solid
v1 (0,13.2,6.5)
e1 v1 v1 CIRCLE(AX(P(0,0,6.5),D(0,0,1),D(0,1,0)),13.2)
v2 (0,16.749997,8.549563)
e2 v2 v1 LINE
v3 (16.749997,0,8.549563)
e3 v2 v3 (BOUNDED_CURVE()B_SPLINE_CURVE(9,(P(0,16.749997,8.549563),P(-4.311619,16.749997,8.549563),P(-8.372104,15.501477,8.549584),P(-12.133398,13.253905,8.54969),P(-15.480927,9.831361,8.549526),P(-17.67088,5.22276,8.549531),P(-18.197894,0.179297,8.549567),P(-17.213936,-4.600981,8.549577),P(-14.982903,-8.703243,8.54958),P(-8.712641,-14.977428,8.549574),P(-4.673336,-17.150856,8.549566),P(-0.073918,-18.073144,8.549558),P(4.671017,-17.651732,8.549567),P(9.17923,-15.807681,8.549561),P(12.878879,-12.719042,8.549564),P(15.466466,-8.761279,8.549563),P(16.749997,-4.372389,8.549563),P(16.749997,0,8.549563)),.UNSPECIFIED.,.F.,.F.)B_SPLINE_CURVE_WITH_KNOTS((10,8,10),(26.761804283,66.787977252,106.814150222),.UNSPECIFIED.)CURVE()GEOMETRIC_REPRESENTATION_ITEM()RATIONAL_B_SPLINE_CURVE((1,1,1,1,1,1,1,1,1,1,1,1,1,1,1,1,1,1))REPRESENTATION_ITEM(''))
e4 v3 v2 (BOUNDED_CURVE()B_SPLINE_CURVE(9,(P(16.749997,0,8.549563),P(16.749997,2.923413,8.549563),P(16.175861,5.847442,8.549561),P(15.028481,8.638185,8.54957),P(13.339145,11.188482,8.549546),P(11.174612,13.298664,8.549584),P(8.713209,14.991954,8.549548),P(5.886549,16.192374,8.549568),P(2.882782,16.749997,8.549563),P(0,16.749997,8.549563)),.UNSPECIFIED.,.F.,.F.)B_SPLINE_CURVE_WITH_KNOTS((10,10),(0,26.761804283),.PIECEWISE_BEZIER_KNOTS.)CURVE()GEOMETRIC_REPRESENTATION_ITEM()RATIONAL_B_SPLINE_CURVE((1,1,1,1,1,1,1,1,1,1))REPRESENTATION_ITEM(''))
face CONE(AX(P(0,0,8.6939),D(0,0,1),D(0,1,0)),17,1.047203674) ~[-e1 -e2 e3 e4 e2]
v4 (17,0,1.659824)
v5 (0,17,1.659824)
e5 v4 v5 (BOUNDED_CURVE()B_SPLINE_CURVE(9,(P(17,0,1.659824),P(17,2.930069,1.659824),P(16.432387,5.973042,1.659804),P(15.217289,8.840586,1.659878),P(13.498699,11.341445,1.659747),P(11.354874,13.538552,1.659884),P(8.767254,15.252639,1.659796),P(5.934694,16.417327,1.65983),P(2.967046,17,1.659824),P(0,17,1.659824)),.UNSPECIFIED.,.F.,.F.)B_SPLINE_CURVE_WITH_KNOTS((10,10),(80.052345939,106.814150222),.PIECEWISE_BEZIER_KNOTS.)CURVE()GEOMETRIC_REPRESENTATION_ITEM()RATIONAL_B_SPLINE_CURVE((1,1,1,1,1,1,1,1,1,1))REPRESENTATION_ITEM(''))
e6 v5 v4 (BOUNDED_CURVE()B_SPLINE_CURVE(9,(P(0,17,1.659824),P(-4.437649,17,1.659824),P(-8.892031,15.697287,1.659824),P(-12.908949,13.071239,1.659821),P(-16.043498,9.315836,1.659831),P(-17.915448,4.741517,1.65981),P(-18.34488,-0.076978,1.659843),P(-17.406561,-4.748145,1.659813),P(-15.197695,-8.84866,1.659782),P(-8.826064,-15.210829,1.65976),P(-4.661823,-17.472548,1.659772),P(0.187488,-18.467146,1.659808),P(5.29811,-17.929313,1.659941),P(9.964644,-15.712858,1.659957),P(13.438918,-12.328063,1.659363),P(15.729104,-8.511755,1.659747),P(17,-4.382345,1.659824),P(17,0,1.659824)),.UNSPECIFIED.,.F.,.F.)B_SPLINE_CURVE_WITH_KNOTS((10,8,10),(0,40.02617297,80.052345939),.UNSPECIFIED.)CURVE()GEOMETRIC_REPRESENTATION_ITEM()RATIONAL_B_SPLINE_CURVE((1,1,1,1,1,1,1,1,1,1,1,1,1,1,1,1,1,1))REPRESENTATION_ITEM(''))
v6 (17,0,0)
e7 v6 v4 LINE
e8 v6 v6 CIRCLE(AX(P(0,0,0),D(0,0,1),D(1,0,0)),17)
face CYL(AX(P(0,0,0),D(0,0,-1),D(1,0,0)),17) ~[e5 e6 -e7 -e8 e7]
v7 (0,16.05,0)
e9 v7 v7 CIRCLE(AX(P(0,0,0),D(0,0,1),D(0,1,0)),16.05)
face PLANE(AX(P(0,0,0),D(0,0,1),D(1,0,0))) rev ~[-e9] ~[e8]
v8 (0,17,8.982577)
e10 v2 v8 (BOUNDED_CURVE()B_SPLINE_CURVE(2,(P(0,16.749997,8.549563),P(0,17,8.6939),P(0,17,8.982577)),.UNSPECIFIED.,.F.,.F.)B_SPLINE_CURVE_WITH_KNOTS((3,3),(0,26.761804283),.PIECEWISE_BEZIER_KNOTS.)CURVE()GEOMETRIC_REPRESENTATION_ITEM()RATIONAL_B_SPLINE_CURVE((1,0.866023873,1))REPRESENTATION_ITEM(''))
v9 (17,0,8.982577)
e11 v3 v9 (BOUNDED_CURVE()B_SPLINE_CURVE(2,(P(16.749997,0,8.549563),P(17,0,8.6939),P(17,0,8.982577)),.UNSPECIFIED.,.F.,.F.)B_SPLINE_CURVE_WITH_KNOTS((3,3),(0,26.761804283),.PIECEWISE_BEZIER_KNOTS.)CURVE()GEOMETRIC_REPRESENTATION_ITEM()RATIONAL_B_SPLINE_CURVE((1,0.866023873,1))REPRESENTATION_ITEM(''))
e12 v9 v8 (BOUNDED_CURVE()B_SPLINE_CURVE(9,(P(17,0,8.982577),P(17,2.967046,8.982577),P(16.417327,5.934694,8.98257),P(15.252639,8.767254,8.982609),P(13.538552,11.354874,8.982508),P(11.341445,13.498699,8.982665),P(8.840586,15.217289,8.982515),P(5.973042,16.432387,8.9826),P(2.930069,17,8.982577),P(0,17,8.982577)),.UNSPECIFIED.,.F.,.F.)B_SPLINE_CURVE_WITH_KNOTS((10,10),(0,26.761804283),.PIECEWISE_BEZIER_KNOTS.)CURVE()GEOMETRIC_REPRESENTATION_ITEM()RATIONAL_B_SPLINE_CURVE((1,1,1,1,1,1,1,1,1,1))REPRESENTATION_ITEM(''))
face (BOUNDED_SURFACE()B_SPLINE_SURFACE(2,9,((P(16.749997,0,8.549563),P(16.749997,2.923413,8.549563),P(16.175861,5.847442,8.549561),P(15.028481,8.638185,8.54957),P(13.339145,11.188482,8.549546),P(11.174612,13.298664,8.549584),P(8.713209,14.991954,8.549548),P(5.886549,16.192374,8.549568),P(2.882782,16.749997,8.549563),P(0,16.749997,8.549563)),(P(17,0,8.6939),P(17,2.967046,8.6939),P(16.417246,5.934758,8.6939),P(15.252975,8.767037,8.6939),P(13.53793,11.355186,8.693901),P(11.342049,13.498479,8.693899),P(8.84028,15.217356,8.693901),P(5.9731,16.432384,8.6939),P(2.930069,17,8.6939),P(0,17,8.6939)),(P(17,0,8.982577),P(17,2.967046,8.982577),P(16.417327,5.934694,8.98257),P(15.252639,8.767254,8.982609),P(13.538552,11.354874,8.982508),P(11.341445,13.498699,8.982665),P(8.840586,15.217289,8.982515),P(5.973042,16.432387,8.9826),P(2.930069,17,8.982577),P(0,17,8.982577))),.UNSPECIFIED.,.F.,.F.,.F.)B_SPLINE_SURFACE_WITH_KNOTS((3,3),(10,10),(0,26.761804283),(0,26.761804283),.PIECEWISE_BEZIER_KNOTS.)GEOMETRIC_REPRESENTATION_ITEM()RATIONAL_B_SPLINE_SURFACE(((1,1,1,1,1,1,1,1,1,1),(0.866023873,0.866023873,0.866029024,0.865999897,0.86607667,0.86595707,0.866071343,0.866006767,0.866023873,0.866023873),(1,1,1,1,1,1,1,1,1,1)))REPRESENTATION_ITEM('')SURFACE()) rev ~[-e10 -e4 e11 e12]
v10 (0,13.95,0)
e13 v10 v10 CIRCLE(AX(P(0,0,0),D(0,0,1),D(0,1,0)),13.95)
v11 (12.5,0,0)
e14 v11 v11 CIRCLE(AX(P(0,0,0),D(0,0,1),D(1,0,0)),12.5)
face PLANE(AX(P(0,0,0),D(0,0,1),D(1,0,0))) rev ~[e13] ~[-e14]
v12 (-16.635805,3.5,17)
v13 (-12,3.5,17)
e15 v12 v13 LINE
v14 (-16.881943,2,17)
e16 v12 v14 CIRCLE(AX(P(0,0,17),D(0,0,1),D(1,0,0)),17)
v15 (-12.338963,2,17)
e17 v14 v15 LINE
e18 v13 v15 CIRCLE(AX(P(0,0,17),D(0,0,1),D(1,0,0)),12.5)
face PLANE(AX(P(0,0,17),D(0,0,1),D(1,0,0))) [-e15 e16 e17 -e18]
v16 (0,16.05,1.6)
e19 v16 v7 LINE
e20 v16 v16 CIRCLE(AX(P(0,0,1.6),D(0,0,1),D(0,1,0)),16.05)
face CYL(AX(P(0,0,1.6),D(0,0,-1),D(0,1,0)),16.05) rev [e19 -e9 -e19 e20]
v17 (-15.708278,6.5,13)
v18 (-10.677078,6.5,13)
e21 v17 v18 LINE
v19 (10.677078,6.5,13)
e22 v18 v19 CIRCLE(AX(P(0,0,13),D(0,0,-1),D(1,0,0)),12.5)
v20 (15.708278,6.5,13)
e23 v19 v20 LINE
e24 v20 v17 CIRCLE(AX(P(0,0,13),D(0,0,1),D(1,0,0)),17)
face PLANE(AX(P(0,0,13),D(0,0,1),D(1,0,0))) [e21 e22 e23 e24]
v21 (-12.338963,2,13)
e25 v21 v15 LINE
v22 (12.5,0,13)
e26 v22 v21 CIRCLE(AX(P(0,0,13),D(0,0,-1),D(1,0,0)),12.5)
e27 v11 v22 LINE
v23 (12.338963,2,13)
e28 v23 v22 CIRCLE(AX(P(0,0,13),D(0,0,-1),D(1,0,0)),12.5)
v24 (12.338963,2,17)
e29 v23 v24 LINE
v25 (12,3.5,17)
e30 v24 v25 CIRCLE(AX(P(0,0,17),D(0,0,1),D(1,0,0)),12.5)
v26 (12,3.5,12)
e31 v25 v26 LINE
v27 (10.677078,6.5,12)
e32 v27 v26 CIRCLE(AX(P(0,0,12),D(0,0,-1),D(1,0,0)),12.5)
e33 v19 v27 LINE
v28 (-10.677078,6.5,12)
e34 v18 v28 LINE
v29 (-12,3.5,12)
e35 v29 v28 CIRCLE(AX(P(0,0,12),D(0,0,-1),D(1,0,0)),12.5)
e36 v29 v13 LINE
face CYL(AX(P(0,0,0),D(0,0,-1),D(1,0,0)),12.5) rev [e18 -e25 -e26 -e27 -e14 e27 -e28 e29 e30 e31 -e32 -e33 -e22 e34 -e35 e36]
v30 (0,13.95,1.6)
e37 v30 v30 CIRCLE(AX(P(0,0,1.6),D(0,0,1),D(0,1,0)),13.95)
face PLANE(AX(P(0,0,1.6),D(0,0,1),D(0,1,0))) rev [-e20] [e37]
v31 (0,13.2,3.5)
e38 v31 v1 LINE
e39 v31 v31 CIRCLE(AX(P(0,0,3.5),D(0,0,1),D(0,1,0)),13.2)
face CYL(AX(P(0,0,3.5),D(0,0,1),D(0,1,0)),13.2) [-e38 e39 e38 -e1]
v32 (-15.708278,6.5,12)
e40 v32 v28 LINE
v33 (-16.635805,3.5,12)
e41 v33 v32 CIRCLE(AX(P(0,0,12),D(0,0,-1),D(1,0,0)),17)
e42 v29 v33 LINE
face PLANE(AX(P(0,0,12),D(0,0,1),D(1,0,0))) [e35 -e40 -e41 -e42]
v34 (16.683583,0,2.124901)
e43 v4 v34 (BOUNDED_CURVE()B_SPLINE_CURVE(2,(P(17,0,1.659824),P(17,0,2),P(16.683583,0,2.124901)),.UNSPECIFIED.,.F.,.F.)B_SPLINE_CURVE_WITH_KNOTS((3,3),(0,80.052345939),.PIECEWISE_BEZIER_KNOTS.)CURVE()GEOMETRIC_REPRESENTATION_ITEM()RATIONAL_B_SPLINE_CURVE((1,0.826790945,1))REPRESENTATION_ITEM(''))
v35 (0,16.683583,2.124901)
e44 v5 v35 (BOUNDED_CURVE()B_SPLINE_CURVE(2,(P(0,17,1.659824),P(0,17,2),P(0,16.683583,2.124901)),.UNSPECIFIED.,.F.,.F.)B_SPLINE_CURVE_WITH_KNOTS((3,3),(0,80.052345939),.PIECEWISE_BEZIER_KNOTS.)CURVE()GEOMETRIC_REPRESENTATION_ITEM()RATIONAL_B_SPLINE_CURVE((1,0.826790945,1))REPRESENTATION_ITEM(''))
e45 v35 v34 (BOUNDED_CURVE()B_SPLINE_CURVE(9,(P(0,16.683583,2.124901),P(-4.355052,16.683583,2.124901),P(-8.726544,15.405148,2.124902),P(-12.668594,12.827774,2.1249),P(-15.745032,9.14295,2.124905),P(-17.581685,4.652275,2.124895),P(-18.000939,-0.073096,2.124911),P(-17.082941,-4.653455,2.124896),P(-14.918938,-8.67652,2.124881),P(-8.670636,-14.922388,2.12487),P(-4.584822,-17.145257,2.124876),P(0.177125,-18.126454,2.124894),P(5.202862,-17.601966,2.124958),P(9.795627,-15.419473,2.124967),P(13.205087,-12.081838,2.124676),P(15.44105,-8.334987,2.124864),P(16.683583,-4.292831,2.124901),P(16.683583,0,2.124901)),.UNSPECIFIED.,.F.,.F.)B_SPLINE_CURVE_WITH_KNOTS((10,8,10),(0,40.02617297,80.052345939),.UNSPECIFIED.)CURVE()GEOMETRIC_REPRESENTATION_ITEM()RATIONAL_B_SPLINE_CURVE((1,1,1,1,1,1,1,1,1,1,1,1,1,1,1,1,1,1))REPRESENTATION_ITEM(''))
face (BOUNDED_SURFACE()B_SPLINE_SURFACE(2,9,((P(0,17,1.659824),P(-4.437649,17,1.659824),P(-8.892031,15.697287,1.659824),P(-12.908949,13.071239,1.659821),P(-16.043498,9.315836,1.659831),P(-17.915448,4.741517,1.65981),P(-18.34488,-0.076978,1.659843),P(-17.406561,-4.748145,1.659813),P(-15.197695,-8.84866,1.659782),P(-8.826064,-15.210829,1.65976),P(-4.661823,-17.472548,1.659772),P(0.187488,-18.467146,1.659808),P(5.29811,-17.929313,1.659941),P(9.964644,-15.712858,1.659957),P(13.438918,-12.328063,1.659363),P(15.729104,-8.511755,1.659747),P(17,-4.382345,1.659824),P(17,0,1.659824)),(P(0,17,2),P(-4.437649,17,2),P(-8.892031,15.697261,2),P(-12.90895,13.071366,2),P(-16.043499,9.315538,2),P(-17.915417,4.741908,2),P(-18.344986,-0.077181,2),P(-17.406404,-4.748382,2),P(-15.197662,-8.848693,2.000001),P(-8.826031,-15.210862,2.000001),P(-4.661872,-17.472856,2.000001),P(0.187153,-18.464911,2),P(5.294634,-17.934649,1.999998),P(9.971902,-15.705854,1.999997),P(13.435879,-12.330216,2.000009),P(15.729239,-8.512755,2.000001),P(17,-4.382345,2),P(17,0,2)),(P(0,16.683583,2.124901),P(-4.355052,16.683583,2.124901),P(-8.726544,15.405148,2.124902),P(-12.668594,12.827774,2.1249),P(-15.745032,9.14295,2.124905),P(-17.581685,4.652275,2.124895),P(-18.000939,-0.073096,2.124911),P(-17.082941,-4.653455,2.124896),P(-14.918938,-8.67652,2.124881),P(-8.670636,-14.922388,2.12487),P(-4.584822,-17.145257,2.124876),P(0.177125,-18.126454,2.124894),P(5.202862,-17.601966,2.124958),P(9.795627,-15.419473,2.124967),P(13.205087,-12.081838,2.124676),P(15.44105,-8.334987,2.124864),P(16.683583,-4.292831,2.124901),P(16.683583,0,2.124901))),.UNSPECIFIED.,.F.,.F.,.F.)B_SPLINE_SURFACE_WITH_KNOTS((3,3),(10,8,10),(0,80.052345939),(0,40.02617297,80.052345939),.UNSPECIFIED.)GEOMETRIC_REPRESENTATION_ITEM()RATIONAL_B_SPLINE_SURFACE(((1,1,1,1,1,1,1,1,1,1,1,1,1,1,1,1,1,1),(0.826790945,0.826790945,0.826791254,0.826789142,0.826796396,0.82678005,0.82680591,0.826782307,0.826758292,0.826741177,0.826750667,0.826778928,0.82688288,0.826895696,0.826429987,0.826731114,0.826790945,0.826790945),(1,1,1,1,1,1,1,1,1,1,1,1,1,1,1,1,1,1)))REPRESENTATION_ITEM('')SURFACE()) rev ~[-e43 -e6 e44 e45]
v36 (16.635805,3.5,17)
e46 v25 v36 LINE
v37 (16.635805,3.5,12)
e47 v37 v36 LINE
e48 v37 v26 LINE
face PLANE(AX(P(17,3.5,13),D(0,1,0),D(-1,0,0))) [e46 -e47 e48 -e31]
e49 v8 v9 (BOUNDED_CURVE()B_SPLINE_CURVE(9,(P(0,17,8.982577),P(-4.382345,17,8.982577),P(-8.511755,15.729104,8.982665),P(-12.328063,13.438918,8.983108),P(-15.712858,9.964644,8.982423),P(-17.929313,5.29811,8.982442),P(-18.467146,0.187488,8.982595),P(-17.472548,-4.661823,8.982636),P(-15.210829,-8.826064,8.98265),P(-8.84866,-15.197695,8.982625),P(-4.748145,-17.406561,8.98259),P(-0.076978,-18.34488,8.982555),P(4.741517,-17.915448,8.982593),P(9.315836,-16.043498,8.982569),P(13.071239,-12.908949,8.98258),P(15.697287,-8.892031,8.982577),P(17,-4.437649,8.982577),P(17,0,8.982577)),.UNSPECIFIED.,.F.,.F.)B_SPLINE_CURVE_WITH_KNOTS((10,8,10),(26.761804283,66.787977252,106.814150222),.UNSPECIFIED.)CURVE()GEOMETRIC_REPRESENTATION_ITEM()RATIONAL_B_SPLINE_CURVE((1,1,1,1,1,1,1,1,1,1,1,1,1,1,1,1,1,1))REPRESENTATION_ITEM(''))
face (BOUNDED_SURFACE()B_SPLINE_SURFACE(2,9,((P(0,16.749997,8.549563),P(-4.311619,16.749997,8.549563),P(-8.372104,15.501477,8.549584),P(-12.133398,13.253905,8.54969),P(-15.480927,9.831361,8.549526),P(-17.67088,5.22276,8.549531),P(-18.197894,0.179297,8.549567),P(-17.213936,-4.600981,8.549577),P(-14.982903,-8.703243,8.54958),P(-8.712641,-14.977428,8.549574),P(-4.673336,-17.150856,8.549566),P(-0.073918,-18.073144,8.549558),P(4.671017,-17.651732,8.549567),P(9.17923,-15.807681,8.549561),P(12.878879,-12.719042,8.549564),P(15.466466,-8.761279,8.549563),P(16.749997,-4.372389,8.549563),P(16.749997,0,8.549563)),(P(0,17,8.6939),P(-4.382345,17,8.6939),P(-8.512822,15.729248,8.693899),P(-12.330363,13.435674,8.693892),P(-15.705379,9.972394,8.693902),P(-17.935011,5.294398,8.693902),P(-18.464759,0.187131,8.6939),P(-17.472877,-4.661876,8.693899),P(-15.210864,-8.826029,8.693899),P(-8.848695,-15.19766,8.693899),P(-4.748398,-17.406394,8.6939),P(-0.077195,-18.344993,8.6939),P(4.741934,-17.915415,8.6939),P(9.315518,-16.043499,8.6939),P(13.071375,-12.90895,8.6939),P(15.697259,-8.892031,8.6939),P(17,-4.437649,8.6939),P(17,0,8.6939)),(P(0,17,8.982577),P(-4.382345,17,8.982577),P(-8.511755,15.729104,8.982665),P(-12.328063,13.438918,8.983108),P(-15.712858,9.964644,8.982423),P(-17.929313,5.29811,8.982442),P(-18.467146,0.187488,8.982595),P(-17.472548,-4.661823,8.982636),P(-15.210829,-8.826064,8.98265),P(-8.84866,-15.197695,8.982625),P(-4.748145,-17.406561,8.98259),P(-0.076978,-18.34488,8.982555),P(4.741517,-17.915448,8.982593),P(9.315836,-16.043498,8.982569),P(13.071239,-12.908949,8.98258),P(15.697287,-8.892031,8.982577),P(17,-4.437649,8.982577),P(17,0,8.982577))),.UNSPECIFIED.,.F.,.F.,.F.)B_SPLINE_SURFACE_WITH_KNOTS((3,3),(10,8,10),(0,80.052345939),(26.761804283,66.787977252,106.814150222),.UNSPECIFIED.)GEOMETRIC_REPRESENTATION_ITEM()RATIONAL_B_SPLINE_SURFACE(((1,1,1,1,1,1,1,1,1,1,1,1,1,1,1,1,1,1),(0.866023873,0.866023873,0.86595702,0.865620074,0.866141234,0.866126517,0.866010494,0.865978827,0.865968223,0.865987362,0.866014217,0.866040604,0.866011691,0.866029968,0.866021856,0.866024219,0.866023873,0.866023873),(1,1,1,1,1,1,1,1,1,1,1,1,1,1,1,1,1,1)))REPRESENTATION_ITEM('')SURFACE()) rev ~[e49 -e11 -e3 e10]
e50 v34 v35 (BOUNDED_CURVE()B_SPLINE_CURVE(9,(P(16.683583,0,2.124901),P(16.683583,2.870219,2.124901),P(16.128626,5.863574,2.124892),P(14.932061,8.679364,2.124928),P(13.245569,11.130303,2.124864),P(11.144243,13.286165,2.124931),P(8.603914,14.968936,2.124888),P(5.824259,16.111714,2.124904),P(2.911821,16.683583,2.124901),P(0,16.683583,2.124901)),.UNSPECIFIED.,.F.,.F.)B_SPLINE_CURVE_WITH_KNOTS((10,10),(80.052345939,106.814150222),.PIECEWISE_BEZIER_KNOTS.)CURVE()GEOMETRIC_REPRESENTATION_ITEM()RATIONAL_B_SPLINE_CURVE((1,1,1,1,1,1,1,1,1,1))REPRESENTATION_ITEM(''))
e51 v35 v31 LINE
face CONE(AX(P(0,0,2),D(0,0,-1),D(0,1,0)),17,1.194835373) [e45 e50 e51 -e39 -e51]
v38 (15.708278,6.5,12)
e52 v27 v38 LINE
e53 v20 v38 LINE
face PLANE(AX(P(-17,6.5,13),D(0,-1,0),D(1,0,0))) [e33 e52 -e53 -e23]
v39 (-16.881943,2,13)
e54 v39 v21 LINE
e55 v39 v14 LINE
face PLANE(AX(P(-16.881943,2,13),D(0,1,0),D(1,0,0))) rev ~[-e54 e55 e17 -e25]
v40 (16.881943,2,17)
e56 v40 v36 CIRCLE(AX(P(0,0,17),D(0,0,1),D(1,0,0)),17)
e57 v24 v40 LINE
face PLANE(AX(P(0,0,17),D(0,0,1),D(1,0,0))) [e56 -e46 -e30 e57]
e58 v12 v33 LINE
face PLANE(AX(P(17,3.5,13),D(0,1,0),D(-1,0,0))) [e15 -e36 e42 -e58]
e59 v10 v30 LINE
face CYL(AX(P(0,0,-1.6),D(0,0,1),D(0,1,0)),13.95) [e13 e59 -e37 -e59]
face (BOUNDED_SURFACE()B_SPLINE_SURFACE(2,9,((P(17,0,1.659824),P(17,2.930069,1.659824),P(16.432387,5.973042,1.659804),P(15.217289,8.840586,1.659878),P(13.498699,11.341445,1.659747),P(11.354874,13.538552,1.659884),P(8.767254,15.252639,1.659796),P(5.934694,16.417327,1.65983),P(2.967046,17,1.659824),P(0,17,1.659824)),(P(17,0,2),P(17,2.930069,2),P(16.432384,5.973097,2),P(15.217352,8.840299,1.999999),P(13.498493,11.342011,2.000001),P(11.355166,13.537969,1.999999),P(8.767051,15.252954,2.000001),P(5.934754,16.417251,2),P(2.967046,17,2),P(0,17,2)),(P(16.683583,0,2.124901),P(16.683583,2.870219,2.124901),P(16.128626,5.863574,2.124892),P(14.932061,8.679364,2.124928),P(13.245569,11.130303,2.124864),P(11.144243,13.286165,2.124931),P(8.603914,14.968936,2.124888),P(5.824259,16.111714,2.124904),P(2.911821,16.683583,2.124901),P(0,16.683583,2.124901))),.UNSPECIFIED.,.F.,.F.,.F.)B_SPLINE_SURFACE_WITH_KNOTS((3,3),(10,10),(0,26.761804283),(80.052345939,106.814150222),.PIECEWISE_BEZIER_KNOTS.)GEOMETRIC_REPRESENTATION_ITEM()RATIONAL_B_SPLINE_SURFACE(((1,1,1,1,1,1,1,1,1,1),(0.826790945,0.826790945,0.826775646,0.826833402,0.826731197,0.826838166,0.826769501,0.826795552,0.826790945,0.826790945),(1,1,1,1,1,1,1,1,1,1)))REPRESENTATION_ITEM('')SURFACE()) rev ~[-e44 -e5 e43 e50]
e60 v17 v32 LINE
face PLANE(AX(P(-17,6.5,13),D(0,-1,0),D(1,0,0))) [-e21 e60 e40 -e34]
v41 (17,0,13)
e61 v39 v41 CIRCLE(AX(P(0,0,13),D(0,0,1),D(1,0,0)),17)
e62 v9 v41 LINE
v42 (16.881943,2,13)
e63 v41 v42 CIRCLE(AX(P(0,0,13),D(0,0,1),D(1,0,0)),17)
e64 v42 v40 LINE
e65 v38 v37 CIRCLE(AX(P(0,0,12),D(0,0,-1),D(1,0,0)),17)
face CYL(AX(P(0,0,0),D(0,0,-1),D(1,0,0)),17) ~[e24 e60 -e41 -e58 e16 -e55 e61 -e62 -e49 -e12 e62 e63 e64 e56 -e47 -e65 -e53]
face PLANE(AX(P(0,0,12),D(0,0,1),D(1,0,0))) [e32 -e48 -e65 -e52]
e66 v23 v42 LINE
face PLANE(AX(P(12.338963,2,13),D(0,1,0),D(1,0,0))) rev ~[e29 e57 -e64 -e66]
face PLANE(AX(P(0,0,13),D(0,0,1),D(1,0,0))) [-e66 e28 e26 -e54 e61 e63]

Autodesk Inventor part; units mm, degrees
ref_plane "YZ Plane" through (0, 0, 0) normal (1, 0, 0) x (0, 1, 0)
ref_plane "XZ Plane" through (0, 0, 0) normal (0, 1, 0) x (-1, 0, 0)
ref_plane "XY Plane" through (0, 0, 0) normal (0, 0, 1) x (1, 0, 0)
sketch "Náčrt1" plane through (0, 0, 0) normal (0, 0, 1) x (1, 0, 0)
  circle A0 centre (0, 0) radius 17
  circle A1 centre (0, 0) radius 12.5
  line L0 (-2.5, -12.5) -> (2.5, -12.5)
  line L1 (2.5, -12.5) -> (2.5, 12.5)
  line L2 (2.5, 12.5) -> (-2.5, 12.5)
  line L3 (-2.5, 12.5) -> (-2.5, -12.5)
  line L4 (-2.5, -12.5) -> (2.5, 12.5) construction
  line L5 (2.5, -12.5) -> (-2.5, 12.5) construction
  line L6 (-12.5, -2.5) -> (12.5, -2.5)
  line L7 (12.5, -2.5) -> (12.5, 2.5)
  line L8 (12.5, 2.5) -> (-12.5, 2.5)
  line L9 (-12.5, 2.5) -> (-12.5, -2.5)
  line L10 (-12.5, -2.5) -> (12.5, 2.5) construction
  line L11 (12.5, -2.5) -> (-12.5, 2.5) construction
  dimension "d0" = 34
  dimension "d3" = 25
  dimension "d29" = 5
  dimension "d30" = 25
  dimension "d31" = 25
  dimension "d32" = 5
extrude "Vysunutí1" add sketch "Náčrt1" along normal blind 13 contours A0 | L7 L6 A1 | A1 L8 L7 | A1 L2 L1 | L1 L0 A1 | A1 L3 L2 | L0 L3 A1 | A1 L9 L8 | L6 L9 A1
sketch "Náčrt2" plane through (0, 0, 0) normal (1, 0, 0) x (0, 1, 0)
  line L0 (17, 0) -> (-17, 0) projected
  line L1 (17, 13) -> (-17, 13) projected
  line L2 (17, 0) -> (-17, 0) projected
  line L3 (-12.5, 13) -> (12.5, 13) projected
  line L4 (-12.5, 0) -> (12.5, 0) projected
  line L5 (17, 0) -> (17, 13) projected
  line L6 (12.5, 13) -> (12.5, 0) projected
  line L7 (0, -4.52) -> (0, 15.92) projected
  line L8 (16.05, -1.6) -> (13.95, -1.6)
  line L9 (13.95, -1.6) -> (13.95, 1.6)
  line L10 (13.95, 1.6) -> (16.05, 1.6)
  line L11 (16.05, 1.6) -> (16.05, -1.6)
  line L12 (16.05, -1.6) -> (13.95, 1.6) construction
  line L13 (13.95, -1.6) -> (16.05, 1.6) construction
  point P0 (0, 0)
  point P1 (15, 0)
  point P2 (13.95, 0)
  point P3 (16.05, 0)
  dimension "d36" = 2.1
  dimension "d37" = 1.6
  dimension "d38" = 2
  dimension "d39" = 2.5
revolve "Rotace1" cut sketch "Náčrt2" angle 360 about axis through (0, 0, -10) along (0, 0, 1) contours L0 L9 L10 L11
sketch "Náčrt4" plane through (0, 0, 13) normal (0, 0, 1) x (1, 0, 0)
  line L0 (-17, 6.5) -> (17, 6.5)
  line L1 (17, 6.5) -> (17, 3.5)
  line L2 (17, 3.5) -> (-17, 3.5)
  line L3 (-17, 3.5) -> (-17, 6.5)
  line L4 (-17, 6.5) -> (17, 3.5) construction
  line L5 (17, 6.5) -> (-17, 3.5) construction
  point P0 (0, 0)
  point P1 (0, 5)
  dimension "d9" = 3
  dimension "d10" = 34
  dimension "d11" = 5
extrude "Vysunutí2" cut sketch "Náčrt4" against normal blind 1
sketch "Náčrt5" plane through (0, 0, 0) normal (1, 0, 0) x (0, 1, 0)
  line L0 (17, 0) -> (17, 13) projected
  line L1 (17, 2) -> (13.2, 3.5)
  line L2 (17, 2) -> (21.0853, 2) construction
  line L3 (17, 0) -> (-17, 0) projected
  line L4 (13.2, 3.5) -> (13.2, 6.5)
  line L5 (17, 2) -> (17, 8.6939)
  line L6 (17, 8.6939) -> (13.2, 6.5)
  line L7 (0, -2.6) -> (0, 15.6) projected
  point P0 (0, 0)
  point P1 (0, 0)
  dimension "d15" = 2
  dimension "d16" = 13.2
  dimension "d17" = 60
  dimension "d20" = 3.5
  dimension "d21" = 68.459
  dimension "d22" = 3
revolve "Rotace2" cut sketch "Náčrt5" angle 360 about axis through (0, 0, -10) along (0, 0, 1)
fillet "Zaoblení1" radius 0.5 4 edges at (12.0208, 12.0208, 8.6939) (-12.0208, -12.0208, 8.6939) (-12.0208, -12.0208, 2) (12.0208, 12.0208, 2)
sketch "Náčrt6" plane through (0, 0, 13) normal (0, 0, 1) x (1, 0, 0)
  circle A0 centre (0, 0) radius 17
  circle A1 centre (0, 0) radius 12.5
  line L0 (17.5, -2) -> (-17.5, -2)
  line L1 (-17.5, -2) -> (-17.5, 2)
  line L2 (-17.5, 2) -> (17.5, 2)
  line L3 (17.5, 2) -> (17.5, -2)
  line L4 (17.5, -2) -> (-17.5, 2) construction
  line L5 (-17.5, -2) -> (17.5, 2) construction
  line L6 (17.5, -3.5) -> (-17.5, -3.5)
  line L7 (-17.5, -3.5) -> (-17.5, 3.5)
  line L8 (-17.5, 3.5) -> (17.5, 3.5)
  line L9 (17.5, 3.5) -> (17.5, -3.5)
  line L10 (17.5, -3.5) -> (-17.5, 3.5) construction
  line L11 (-17.5, -3.5) -> (17.5, 3.5) construction
  point P0 (12, 3.5)
  point P1 (16.6358, 3.5)
  point P2 (16.8819, 2)
  point P3 (12.339, 2)
  point P4 (-16.6358, 3.5)
  point P5 (-12, 3.5)
  point P6 (-12.339, 2)
  point P7 (-16.8819, 2)
  point P8 (-16.6358, 3.5)
  dimension "d23" = 35
  dimension "d25" = 35
  dimension "d26" = 4
  dimension "d33" = 7
extrude "Vysunutí4" add sketch "Náčrt6" along normal blind 4 contours L2 A1 L8 A0 | L8 A1 L2 A0
properties part number "sonar_3D tisk"
